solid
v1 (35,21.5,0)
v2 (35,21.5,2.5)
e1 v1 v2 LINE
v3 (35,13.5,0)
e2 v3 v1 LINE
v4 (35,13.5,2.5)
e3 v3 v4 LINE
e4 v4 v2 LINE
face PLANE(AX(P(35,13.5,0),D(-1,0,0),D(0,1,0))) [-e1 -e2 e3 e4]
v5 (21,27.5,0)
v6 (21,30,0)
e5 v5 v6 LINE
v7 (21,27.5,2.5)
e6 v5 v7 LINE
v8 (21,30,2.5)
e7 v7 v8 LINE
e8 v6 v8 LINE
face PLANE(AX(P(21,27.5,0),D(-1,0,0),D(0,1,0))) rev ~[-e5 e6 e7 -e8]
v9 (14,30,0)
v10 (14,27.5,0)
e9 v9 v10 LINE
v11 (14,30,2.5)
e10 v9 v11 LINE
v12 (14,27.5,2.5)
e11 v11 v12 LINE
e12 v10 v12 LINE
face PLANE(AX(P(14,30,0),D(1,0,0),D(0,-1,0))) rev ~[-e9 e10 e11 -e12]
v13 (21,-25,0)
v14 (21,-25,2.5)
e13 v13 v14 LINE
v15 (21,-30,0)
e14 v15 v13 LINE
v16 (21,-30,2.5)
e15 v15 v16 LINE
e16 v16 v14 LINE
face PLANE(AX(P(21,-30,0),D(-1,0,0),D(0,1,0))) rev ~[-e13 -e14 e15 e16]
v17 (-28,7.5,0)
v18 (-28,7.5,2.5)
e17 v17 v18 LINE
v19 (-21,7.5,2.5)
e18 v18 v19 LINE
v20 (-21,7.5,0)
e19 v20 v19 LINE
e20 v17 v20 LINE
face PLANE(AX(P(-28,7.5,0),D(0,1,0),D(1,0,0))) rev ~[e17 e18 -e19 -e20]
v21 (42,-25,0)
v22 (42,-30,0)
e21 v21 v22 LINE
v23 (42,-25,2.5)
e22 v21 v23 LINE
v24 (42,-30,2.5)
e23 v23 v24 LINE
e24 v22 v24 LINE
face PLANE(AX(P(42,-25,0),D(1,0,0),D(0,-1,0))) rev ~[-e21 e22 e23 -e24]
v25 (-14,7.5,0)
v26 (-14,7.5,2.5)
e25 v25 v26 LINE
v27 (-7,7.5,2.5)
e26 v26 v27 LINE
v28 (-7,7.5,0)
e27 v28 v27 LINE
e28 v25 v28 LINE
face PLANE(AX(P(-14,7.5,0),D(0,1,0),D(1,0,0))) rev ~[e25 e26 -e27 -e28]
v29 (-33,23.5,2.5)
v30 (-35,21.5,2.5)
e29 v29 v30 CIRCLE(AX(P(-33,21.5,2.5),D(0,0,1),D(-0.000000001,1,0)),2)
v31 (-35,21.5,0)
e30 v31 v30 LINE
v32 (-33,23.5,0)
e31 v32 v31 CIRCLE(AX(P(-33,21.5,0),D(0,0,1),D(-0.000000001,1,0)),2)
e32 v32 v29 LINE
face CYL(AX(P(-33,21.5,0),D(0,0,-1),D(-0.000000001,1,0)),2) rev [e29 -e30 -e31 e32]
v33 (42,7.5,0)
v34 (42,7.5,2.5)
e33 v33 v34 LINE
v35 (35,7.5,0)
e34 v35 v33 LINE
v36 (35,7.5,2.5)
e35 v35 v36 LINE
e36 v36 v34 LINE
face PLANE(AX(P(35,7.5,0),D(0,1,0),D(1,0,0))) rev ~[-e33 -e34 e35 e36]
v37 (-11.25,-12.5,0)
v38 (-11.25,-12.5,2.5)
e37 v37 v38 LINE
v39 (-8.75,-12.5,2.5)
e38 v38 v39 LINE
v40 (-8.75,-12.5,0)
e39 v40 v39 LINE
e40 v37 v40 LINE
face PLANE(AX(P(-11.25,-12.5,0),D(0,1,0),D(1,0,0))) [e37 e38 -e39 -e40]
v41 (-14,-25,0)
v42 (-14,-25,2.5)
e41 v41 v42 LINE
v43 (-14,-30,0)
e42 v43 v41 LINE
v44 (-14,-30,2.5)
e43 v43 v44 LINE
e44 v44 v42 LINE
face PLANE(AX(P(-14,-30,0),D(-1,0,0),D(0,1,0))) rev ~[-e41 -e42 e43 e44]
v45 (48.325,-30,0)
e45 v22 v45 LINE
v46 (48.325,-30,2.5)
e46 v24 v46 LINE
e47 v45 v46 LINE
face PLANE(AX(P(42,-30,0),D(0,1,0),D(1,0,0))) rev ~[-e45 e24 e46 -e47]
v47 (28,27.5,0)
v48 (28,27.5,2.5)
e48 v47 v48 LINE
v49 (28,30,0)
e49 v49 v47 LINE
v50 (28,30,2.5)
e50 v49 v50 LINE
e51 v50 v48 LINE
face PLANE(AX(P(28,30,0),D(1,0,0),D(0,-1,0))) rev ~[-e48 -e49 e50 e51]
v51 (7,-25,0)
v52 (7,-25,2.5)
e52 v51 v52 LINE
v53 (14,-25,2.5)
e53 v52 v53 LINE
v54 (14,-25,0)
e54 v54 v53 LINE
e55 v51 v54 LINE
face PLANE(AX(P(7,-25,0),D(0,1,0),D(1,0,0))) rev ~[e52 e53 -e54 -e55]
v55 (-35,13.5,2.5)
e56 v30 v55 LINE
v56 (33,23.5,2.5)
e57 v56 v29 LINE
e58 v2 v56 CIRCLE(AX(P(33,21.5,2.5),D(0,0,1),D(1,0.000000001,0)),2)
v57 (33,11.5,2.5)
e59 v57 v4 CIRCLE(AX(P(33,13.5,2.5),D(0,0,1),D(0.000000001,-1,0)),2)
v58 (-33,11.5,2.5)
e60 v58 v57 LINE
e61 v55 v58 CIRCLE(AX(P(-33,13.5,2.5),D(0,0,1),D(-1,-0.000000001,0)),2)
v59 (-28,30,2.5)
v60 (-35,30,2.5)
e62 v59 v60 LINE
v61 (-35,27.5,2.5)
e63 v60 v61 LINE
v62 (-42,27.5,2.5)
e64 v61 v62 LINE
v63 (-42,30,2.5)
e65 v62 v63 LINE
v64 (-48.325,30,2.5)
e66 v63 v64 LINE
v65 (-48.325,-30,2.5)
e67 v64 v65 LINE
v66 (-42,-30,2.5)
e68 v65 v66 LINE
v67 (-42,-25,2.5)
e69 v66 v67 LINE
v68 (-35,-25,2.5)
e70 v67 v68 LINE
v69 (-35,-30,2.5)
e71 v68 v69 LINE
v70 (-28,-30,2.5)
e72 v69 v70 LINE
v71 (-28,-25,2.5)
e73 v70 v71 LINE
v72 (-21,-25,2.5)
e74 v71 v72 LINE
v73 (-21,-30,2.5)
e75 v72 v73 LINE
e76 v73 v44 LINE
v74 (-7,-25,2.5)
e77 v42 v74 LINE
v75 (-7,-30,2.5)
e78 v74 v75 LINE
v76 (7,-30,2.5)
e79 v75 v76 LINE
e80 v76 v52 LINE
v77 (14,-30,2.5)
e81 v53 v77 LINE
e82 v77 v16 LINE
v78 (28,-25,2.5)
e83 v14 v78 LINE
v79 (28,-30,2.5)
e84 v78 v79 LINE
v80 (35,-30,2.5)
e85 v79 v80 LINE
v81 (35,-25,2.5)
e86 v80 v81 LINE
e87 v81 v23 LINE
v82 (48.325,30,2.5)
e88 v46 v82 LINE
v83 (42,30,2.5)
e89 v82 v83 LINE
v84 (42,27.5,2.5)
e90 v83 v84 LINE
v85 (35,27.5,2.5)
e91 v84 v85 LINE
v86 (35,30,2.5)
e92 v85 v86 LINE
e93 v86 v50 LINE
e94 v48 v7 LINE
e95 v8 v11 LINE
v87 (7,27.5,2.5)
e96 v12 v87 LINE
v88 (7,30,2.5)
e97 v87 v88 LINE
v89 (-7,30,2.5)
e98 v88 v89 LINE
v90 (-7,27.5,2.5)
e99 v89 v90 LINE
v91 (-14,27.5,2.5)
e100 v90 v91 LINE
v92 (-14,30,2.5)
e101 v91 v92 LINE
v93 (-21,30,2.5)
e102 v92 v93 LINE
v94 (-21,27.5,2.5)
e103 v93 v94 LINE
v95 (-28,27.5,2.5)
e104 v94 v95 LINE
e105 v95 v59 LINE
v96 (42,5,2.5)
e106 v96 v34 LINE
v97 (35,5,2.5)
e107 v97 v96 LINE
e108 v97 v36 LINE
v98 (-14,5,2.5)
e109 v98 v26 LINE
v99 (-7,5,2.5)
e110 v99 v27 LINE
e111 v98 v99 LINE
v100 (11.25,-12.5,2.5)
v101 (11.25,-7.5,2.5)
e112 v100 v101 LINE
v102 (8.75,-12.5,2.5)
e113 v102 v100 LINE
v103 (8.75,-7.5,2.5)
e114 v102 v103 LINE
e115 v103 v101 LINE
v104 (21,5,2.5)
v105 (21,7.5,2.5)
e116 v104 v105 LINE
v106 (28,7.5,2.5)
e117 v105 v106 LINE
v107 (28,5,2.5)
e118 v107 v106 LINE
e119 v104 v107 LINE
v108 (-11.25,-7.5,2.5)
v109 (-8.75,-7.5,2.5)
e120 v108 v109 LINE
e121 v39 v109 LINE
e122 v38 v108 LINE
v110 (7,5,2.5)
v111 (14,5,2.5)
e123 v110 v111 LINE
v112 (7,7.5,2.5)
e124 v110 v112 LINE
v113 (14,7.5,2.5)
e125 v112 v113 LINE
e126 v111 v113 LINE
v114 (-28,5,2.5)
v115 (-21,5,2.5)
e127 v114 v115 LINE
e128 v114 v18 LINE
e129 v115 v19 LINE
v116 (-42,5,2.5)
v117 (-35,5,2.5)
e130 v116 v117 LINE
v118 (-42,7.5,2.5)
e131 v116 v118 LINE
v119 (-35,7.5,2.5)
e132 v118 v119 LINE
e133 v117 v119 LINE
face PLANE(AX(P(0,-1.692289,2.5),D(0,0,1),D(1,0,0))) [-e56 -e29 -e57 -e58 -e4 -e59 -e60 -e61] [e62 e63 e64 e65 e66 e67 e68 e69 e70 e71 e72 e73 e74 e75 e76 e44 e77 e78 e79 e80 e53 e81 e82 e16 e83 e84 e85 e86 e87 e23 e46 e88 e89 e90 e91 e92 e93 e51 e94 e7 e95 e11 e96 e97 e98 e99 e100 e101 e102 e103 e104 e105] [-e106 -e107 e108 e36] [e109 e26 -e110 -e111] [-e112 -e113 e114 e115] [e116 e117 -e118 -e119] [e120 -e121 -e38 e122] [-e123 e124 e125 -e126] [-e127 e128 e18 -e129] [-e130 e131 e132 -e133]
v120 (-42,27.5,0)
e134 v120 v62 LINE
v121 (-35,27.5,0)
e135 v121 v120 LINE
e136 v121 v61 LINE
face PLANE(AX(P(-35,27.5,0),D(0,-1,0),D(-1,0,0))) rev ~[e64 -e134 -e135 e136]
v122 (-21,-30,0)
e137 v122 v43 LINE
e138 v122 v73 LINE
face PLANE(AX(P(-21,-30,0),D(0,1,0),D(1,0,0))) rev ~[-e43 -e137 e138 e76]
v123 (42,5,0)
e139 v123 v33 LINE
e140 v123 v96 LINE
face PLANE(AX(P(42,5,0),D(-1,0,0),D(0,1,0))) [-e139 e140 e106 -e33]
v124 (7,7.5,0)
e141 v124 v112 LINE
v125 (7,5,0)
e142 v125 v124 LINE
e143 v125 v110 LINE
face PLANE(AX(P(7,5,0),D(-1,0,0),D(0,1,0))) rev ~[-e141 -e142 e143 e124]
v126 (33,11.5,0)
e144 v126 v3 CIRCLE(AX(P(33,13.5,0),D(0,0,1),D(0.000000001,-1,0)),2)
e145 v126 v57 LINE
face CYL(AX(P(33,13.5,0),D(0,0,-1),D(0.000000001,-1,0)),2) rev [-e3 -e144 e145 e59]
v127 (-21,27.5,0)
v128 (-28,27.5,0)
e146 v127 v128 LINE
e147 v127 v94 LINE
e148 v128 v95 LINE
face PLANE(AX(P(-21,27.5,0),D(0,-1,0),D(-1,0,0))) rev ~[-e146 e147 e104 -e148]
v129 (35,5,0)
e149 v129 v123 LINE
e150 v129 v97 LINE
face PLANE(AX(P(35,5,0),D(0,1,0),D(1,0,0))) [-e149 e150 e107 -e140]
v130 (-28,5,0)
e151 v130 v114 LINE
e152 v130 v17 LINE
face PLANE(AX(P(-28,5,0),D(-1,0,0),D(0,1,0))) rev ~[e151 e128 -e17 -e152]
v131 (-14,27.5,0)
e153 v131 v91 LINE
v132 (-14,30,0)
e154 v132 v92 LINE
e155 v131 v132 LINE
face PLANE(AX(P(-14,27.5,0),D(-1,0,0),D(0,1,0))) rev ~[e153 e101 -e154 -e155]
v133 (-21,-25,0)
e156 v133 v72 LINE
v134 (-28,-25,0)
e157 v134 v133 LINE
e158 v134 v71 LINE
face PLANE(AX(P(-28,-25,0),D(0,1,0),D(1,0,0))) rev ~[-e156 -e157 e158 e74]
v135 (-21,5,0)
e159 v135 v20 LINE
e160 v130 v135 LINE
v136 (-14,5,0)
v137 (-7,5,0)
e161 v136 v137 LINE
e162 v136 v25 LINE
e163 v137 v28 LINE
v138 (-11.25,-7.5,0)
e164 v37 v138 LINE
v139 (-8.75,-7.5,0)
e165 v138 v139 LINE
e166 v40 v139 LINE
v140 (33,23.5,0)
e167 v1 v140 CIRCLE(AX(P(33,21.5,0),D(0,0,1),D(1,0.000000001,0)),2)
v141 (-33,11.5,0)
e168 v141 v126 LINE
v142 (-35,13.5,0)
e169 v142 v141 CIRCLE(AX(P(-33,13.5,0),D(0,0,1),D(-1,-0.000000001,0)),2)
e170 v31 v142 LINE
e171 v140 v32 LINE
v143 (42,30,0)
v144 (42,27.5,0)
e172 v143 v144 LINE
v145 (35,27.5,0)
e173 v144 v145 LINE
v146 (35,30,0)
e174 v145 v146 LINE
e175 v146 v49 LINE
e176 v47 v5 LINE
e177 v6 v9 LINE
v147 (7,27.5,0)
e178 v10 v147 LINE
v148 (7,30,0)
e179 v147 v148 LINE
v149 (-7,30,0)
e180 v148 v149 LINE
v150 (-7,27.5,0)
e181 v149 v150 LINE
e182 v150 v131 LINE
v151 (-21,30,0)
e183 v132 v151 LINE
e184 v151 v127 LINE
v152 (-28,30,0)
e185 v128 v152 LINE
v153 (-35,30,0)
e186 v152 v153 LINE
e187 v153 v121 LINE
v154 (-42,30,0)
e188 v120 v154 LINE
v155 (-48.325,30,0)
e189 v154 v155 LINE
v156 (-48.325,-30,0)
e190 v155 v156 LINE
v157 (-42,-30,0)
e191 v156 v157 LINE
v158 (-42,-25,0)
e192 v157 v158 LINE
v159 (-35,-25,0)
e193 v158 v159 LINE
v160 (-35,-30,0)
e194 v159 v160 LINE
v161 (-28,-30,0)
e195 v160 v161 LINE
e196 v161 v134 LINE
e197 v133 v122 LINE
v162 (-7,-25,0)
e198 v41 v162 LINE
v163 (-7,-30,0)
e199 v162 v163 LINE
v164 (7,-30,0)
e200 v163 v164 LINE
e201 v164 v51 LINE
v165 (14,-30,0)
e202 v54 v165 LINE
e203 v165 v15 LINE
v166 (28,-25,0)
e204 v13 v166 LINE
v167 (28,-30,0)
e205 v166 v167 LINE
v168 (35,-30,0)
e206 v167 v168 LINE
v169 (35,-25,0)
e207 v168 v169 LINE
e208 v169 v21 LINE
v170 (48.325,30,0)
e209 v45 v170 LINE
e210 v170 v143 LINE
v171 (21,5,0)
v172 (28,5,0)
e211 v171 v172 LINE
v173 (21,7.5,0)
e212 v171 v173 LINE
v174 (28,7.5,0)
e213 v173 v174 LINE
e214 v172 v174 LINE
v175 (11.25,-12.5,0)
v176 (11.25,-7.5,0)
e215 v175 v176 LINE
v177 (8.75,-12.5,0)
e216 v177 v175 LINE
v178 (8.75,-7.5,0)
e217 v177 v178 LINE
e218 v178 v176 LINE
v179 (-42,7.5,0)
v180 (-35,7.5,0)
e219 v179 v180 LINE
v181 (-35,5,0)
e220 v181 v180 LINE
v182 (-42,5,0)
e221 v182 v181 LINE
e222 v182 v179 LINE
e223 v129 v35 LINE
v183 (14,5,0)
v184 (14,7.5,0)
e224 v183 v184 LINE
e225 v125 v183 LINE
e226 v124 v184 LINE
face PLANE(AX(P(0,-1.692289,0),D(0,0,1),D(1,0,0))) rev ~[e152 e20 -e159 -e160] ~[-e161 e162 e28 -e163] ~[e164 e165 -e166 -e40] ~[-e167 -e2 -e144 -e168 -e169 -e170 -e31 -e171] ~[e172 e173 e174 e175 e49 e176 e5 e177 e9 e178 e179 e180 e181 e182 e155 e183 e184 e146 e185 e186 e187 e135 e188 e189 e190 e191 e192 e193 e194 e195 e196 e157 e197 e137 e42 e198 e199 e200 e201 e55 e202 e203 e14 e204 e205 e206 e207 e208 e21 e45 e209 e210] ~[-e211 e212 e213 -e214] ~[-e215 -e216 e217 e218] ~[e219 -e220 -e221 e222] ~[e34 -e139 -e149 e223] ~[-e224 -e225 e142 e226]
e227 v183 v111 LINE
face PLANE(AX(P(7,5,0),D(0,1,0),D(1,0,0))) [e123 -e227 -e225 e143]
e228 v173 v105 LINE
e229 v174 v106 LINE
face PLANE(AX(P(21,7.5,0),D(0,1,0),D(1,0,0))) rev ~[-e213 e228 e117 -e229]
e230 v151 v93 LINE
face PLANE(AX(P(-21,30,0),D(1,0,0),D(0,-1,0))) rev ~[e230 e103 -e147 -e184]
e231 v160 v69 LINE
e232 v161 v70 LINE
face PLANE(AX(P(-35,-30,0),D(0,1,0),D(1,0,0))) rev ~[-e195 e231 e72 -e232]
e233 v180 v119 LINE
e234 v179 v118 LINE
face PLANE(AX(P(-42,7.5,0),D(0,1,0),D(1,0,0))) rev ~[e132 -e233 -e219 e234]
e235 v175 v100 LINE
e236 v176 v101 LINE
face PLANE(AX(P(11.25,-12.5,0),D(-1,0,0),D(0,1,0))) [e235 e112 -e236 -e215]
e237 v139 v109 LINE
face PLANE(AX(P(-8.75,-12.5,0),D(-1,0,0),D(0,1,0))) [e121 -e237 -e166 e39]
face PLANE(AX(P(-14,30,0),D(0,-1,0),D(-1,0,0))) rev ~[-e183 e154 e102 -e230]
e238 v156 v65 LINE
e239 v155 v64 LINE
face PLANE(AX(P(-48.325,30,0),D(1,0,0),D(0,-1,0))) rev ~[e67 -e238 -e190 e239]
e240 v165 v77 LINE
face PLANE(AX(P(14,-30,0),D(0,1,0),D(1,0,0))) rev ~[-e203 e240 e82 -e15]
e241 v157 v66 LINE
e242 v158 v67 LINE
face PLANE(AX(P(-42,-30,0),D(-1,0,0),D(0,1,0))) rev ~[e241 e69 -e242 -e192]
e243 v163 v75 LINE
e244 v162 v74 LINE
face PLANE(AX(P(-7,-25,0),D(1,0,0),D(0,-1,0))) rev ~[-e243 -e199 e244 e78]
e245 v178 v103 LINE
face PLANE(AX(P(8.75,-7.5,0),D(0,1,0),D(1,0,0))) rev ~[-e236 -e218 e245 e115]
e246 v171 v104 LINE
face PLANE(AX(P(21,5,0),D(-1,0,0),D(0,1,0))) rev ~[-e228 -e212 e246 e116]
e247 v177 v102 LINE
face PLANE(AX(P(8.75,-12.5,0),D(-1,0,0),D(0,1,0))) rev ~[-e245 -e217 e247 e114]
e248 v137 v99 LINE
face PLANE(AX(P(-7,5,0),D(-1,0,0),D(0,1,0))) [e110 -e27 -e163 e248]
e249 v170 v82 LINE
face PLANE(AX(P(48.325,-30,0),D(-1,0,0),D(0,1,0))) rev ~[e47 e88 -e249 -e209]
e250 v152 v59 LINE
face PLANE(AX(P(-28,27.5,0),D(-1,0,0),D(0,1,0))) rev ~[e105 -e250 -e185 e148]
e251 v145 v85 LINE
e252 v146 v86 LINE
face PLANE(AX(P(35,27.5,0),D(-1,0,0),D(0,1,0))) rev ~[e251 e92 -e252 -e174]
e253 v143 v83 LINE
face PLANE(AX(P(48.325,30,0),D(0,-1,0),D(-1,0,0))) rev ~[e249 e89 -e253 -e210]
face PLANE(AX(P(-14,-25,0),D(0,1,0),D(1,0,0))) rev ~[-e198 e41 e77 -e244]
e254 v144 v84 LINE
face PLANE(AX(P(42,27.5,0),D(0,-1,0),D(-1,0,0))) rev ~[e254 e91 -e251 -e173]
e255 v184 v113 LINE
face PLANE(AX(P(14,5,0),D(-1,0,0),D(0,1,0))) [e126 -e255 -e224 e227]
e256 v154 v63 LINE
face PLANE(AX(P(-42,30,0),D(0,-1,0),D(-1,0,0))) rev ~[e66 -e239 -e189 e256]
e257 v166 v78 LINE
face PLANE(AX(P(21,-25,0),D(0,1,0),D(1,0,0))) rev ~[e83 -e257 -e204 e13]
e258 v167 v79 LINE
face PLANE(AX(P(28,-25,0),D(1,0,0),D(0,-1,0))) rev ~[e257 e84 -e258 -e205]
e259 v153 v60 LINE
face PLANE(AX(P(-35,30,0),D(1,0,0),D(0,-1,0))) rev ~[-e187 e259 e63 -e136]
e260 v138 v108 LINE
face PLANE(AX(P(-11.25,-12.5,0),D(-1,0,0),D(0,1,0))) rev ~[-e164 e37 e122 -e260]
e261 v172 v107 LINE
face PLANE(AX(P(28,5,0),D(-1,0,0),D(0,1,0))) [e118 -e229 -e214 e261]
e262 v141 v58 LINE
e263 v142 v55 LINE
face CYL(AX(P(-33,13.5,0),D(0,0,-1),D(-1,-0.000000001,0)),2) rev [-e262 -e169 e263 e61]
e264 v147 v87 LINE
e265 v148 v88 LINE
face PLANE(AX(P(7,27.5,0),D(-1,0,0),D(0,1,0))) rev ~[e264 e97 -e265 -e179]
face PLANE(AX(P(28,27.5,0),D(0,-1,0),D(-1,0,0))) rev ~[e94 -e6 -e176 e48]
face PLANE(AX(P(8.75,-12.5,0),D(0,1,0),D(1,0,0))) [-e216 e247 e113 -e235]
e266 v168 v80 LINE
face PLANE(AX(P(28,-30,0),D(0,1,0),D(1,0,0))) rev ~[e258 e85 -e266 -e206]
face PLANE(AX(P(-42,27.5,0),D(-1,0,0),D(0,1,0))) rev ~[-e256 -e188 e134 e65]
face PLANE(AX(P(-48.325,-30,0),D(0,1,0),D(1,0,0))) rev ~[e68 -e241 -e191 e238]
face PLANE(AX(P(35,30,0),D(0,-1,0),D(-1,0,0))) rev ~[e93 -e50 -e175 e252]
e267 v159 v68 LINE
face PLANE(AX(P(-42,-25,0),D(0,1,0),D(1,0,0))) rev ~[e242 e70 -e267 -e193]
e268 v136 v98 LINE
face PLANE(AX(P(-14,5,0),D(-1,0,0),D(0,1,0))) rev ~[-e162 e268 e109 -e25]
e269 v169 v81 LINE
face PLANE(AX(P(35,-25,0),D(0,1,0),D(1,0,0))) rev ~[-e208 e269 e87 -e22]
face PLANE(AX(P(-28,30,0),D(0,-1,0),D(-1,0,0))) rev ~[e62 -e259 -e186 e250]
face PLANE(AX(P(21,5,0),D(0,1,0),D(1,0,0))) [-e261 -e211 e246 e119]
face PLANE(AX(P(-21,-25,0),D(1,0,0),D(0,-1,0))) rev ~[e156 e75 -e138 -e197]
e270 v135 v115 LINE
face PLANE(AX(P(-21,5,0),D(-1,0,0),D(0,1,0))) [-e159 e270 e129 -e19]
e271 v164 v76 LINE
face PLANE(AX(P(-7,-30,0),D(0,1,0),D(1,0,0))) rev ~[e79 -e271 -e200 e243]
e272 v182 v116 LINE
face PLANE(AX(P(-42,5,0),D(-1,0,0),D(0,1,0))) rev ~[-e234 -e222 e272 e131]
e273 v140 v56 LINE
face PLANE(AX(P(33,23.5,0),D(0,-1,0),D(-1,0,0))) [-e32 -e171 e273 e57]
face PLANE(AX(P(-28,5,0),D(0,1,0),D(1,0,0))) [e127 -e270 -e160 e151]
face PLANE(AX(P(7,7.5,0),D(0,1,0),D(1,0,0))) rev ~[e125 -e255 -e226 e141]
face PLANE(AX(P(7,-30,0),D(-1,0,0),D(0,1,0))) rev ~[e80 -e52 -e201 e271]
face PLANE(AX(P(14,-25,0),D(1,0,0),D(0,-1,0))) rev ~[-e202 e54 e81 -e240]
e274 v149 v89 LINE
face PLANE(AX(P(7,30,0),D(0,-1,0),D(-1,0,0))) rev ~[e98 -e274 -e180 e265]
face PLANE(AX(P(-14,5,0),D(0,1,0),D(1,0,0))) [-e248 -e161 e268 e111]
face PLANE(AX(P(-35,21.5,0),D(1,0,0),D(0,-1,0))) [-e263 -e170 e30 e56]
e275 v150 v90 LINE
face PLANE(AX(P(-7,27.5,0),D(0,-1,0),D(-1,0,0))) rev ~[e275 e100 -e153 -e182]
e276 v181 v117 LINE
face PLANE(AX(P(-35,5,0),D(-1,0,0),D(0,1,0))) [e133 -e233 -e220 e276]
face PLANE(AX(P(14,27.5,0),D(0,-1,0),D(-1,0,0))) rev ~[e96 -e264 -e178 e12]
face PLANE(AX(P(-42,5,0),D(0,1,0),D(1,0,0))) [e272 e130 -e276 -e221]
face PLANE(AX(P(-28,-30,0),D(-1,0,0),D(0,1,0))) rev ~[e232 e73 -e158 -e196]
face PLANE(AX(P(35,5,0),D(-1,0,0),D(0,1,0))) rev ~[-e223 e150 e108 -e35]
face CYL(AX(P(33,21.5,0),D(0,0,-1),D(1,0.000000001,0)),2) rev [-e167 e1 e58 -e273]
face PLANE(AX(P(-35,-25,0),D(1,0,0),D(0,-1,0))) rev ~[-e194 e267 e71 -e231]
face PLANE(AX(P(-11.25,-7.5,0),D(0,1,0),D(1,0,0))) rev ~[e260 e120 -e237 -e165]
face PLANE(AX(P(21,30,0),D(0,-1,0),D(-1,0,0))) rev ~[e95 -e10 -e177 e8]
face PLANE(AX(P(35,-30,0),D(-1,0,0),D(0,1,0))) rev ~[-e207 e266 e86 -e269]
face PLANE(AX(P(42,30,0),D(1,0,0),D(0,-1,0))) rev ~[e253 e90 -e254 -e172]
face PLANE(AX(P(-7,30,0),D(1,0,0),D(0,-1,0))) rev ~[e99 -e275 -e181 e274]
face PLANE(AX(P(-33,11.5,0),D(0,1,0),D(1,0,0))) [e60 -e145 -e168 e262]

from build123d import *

# Parameters (mm, degrees)
SKETCH1_W           = 7
SKETCH1_H           = 2.5
SKETCH1_W_2         = 2.5
SKETCH1_H_2         = 5
BOSS_EXTRUDE1_DEPTH = 2.5


with BuildPart() as part:
    # Sketch1 → Boss-Extrude1 (new body)
    with BuildSketch(Plane.XY):
        Polygon((-48.325, -30), (-42, -30), (-42, -25), (-35, -25), (-35, -30), (-28, -30), (-28, -25), (-21, -25), (-21, -30), (-14, -30), (-14, -25), (-7, -25), (-7, -30), (7, -30), (7, -25), (14, -25), (14, -30), (21, -30), (21, -25), (28, -25), (28, -30), (35, -30), (35, -25), (42, -25), (42, -30), (48.325, -30), (48.325, 30), (42, 30), (42, 27.5), (35, 27.5), (35, 30), (28, 30), (28, 27.5), (21, 27.5), (21, 30), (14, 30), (14, 27.5), (7, 27.5), (7, 30), (-7, 30), (-7, 27.5), (-14, 27.5), (-14, 30), (-21, 30), (-21, 27.5), (-28, 27.5), (-28, 30), (-35, 30), (-35, 27.5), (-42, 27.5), (-42, 30), (-48.325, 30), align=None)
        with Locations((24.5, 6.25)):
            Rectangle(SKETCH1_W, SKETCH1_H, mode=Mode.SUBTRACT)
        with Locations((38.5, 6.25)):
            Rectangle(SKETCH1_W, SKETCH1_H, mode=Mode.SUBTRACT)
        with Locations((10.5, 6.25)):
            Rectangle(SKETCH1_W, SKETCH1_H, mode=Mode.SUBTRACT)
        with Locations((-38.5, 6.25)):
            Rectangle(SKETCH1_W, SKETCH1_H, mode=Mode.SUBTRACT)
        with Locations((-24.5, 6.25)):
            Rectangle(SKETCH1_W, SKETCH1_H, mode=Mode.SUBTRACT)
        with Locations((-10.5, 6.25)):
            Rectangle(SKETCH1_W, SKETCH1_H, mode=Mode.SUBTRACT)
        with Locations((-10, -10)):
            Rectangle(SKETCH1_W_2, SKETCH1_H_2, mode=Mode.SUBTRACT)
        with BuildLine():
            Line((-33, 11.5), (33, 11.5))
            ThreePointArc((33, 11.5), (34.414213562, 12.085786438), (35, 13.5))
            Line((35, 13.5), (35, 21.5))
            ThreePointArc((35, 21.5), (34.414213562, 22.914213562), (33, 23.5))
            Line((33, 23.5), (-33, 23.5))
            ThreePointArc((-33, 23.5), (-34.414213562, 22.914213562), (-35, 21.5))
            Line((-35, 21.5), (-35, 13.5))
            ThreePointArc((-35, 13.5), (-34.414213562, 12.085786438), (-33, 11.5))
        make_face(mode=Mode.SUBTRACT)
        with Locations((10, -10)):
            Rectangle(SKETCH1_W_2, SKETCH1_H_2, mode=Mode.SUBTRACT)
    extrude(amount=BOSS_EXTRUDE1_DEPTH)


solid = part.part
